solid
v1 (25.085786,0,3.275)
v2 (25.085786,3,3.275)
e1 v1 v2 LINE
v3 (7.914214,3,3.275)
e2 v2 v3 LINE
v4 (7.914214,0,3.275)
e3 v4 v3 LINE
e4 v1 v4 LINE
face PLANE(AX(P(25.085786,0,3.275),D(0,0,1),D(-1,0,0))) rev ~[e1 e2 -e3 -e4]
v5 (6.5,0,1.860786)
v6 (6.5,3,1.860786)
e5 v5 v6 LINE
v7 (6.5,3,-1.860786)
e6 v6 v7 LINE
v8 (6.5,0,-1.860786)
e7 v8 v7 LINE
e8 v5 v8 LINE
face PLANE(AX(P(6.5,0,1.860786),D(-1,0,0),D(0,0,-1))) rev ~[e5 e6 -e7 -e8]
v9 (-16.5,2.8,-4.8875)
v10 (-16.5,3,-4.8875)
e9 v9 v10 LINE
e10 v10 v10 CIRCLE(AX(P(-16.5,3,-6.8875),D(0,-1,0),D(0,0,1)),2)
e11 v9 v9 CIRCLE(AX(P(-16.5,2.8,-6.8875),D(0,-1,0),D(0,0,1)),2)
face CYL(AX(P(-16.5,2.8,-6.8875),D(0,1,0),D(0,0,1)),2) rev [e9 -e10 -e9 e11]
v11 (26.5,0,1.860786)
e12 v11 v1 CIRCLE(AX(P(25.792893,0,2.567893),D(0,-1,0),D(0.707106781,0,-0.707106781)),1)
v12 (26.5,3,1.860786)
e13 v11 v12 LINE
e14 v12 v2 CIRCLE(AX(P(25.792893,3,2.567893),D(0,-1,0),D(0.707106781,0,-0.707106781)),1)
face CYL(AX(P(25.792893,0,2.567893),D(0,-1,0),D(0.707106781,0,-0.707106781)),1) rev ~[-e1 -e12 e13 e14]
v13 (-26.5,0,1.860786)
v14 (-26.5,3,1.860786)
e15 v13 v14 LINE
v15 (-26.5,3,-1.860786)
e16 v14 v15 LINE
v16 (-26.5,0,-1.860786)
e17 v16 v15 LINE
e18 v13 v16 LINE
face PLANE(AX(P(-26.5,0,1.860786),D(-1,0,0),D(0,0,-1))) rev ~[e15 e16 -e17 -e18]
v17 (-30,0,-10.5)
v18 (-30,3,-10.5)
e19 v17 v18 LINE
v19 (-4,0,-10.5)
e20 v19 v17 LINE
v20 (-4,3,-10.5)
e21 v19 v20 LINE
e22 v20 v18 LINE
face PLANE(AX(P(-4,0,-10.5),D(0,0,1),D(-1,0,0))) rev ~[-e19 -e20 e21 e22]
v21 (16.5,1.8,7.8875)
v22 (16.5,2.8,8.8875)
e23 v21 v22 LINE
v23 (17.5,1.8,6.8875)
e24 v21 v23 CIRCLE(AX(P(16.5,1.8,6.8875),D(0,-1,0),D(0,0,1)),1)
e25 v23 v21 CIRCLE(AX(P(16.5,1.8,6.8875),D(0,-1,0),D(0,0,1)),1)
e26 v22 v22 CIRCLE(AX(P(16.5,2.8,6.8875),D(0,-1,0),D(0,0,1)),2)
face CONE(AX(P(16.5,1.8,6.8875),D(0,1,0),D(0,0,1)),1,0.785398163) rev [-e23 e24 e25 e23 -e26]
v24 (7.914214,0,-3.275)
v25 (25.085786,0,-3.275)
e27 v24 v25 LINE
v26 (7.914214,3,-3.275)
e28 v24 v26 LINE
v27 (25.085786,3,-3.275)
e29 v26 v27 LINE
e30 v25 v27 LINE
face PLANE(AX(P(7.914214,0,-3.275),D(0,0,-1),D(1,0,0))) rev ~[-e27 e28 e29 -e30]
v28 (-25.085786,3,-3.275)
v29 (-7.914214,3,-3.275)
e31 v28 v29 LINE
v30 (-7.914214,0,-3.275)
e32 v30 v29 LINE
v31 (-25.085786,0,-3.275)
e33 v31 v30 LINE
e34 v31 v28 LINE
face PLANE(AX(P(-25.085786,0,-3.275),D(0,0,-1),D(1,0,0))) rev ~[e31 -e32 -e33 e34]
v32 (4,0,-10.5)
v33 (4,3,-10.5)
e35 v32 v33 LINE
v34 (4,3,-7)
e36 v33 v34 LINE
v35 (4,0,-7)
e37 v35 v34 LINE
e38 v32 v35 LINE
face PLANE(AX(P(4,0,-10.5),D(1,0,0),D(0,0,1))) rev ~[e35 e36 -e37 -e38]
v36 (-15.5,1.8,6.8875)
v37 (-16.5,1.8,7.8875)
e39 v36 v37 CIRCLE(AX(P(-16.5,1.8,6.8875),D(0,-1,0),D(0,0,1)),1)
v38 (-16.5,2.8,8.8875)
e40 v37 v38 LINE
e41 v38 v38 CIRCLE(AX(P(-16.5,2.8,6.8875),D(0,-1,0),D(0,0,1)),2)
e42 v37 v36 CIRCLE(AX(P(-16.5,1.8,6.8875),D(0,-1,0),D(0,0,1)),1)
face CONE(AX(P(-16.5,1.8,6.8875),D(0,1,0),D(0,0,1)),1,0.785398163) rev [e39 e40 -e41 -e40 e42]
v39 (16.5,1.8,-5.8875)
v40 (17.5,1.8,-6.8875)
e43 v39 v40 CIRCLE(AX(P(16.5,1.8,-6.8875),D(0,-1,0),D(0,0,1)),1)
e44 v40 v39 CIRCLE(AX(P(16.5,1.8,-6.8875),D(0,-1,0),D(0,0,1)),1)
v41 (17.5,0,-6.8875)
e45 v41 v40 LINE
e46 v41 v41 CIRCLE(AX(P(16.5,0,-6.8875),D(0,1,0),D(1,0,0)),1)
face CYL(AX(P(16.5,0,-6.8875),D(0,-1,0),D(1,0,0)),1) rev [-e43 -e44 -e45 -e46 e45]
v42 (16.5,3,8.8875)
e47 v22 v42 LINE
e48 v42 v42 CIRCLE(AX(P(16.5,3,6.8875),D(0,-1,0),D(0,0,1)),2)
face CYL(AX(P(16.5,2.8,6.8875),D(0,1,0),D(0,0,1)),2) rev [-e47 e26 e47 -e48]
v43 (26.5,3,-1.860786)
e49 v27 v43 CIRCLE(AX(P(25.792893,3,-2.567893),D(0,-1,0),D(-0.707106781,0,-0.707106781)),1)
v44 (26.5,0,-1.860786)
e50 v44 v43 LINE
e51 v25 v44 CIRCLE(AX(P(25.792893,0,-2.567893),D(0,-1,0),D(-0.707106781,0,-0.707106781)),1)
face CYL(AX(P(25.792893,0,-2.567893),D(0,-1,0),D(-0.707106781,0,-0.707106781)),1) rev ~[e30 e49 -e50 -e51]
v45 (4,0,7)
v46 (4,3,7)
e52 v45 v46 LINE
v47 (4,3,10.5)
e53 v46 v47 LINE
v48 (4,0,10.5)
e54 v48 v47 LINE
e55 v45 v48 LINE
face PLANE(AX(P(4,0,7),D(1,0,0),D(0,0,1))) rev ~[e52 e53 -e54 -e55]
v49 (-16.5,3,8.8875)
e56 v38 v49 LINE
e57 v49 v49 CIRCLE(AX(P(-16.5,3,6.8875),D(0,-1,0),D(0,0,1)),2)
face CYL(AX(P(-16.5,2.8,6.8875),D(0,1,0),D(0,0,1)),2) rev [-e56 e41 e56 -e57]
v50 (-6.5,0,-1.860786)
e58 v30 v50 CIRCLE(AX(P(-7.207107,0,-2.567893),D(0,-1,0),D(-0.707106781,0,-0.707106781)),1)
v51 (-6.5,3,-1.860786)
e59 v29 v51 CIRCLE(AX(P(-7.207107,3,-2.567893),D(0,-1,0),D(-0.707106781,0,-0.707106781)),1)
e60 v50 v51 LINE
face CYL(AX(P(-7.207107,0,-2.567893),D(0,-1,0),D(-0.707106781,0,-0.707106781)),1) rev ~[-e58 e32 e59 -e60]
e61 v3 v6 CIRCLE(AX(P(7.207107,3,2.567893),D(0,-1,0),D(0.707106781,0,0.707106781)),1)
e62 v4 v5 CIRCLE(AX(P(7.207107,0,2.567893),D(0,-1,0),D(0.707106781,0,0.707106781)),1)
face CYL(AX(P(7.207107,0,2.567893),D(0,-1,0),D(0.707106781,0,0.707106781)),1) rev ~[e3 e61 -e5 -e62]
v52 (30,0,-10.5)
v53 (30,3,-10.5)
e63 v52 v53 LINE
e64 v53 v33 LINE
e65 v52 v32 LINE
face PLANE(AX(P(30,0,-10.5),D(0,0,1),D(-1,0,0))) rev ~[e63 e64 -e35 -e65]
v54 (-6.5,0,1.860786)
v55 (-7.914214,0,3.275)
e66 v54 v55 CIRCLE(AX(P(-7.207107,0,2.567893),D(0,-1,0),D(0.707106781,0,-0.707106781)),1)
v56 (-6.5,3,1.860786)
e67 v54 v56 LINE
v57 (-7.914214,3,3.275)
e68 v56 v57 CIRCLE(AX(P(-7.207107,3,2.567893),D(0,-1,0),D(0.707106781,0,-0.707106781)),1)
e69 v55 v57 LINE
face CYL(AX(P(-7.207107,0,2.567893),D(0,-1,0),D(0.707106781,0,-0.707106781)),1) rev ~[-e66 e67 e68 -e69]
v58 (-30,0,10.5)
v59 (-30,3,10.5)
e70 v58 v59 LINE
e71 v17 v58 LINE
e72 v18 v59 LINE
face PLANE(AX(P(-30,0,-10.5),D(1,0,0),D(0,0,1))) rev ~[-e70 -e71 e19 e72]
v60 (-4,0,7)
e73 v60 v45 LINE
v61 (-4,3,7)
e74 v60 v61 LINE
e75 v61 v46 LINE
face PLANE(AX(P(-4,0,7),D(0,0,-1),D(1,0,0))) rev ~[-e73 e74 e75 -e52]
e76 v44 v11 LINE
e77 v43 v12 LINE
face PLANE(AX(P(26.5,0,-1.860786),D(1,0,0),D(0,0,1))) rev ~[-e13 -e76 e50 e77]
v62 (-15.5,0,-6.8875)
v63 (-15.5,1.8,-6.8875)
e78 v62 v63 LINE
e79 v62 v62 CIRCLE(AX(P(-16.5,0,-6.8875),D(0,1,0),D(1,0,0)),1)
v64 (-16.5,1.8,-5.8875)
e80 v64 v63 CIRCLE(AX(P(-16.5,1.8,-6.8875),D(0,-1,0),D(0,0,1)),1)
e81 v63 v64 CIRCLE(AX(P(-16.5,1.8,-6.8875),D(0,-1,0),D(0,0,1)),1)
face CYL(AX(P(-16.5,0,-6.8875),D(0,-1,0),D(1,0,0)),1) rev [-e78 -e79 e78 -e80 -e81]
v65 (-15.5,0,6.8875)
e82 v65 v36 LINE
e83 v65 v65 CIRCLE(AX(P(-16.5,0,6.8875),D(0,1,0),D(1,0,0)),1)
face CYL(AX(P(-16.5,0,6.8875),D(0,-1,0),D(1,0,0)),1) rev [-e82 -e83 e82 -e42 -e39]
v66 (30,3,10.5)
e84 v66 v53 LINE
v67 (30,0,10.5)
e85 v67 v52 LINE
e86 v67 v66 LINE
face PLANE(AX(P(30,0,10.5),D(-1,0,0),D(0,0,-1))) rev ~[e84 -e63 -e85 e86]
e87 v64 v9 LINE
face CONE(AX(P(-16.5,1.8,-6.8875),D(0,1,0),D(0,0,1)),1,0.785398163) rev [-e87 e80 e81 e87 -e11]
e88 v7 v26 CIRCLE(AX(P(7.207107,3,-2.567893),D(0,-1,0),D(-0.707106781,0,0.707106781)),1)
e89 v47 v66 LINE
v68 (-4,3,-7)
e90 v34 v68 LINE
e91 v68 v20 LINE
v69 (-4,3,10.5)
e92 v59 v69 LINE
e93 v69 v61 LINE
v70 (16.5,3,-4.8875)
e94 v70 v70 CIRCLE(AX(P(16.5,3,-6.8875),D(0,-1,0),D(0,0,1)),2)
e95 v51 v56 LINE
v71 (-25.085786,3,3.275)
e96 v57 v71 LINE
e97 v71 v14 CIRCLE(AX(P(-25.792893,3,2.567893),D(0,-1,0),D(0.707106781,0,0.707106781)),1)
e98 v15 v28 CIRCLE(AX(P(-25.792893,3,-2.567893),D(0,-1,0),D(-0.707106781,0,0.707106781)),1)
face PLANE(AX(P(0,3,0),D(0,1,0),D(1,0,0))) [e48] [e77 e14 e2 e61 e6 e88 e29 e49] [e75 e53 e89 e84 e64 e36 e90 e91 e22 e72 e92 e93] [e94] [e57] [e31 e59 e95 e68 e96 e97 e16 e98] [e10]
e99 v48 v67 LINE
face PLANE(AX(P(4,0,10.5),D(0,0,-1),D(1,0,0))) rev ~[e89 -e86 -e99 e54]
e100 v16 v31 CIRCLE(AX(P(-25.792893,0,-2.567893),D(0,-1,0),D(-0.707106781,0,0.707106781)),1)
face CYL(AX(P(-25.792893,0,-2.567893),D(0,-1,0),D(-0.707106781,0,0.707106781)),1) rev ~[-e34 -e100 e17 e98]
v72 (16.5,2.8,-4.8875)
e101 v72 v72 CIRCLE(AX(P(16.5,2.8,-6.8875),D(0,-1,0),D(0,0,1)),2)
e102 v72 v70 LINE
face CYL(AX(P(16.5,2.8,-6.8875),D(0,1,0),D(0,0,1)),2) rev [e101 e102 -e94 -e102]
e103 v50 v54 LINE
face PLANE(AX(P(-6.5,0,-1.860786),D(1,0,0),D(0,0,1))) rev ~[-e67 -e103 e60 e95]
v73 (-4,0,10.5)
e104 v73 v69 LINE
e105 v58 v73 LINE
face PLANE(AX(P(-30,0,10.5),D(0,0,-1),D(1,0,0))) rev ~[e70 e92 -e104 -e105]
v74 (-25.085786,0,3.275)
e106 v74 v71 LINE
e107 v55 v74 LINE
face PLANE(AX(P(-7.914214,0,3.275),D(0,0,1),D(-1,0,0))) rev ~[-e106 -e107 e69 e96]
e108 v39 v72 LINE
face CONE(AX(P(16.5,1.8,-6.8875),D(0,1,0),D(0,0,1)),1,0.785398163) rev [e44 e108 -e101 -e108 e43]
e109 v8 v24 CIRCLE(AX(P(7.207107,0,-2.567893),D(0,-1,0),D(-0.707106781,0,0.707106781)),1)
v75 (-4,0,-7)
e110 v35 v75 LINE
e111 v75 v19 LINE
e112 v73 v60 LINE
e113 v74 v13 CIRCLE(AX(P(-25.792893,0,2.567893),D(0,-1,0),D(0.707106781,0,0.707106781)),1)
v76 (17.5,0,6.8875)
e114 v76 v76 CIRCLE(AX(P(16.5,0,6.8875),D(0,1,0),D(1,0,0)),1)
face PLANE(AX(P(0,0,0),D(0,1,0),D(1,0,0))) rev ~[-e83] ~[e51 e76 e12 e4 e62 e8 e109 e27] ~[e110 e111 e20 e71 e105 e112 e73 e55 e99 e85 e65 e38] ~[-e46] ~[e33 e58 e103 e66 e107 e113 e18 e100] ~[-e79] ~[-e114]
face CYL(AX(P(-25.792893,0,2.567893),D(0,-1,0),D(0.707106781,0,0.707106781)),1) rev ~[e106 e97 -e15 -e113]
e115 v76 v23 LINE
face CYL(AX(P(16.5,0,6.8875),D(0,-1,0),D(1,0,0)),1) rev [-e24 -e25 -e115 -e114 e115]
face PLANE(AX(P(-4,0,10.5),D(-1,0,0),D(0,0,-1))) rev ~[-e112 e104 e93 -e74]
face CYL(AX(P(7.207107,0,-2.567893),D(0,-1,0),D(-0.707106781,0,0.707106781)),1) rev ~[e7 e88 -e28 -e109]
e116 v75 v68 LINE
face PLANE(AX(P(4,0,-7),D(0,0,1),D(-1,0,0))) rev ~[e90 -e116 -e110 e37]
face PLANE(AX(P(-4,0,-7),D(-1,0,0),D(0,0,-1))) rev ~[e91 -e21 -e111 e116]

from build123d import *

# Parameters (mm, degrees)
SKETCH1_R                                      = 1
BOSS_EXTRUDE1_DEPTH                            = 3
CSK_FOR_M2_FLAT_HEAD_MACHINE_SCREW1_AT_2_COUNT = 2
CSK_FOR_M2_FLAT_HEAD_MACHINE_SCREW1_AT_2_PITCH = 13.775
CSK_FOR_M2_FLAT_HEAD_MACHINE_SCREW1_AT_3_COUNT = 2
CSK_FOR_M2_FLAT_HEAD_MACHINE_SCREW1_AT_3_PITCH = 33
CSK_FOR_M2_FLAT_HEAD_MACHINE_SCREW1_AT_4_COUNT = 2
CSK_FOR_M2_FLAT_HEAD_MACHINE_SCREW1_AT_4_PITCH = 35.759622831


with BuildPart() as part:
    # Sketch1 → Boss-Extrude1 (new body)
    with BuildSketch(Plane(origin=(0, 0, 0), x_dir=(1, 0, 0), z_dir=(0, 1, 0))):
        Polygon((-30, 10.5), (-30, -10.5), (-4, -10.5), (-4, -7), (4, -7), (4, -10.5), (30, -10.5), (30, 10.5), (4, 10.5), (4, 7), (-4, 7), (-4, 10.5), align=None)
        with Locations((16.5, -6.8875)):
            Circle(SKETCH1_R, mode=Mode.SUBTRACT)
        with Locations((-16.5, -6.8875)):
            Circle(SKETCH1_R, mode=Mode.SUBTRACT)
        with Locations((-16.5, 6.8875)):
            Circle(SKETCH1_R, mode=Mode.SUBTRACT)
        with BuildLine():
            Line((-25.085786438, 3.275), (-7.914213562, 3.275))
            ThreePointArc((-7.914213562, 3.275), (-6.5, 3.275), (-6.5, 1.860786438))
            Line((-6.5, 1.860786438), (-6.5, -1.860786438))
            ThreePointArc((-6.5, -1.860786438), (-6.5, -3.275), (-7.914213562, -3.275))
            Line((-7.914213562, -3.275), (-25.085786438, -3.275))
            ThreePointArc((-25.085786438, -3.275), (-26.5, -3.275), (-26.5, -1.860786438))
            Line((-26.5, -1.860786438), (-26.5, 1.860786438))
            ThreePointArc((-26.5, 1.860786438), (-26.5, 3.275), (-25.085786438, 3.275))
        make_face(mode=Mode.SUBTRACT)
        with Locations((16.5, 6.8875)):
            Circle(SKETCH1_R, mode=Mode.SUBTRACT)
        with BuildLine():
            Line((26.5, 1.860786438), (26.5, -1.860786438))
            ThreePointArc((26.5, -1.860786438), (26.5, -3.275), (25.085786438, -3.275))
            Line((25.085786438, -3.275), (7.914213562, -3.275))
            ThreePointArc((7.914213562, -3.275), (6.5, -3.275), (6.5, -1.860786438))
            Line((6.5, -1.860786438), (6.5, 1.860786438))
            ThreePointArc((6.5, 1.860786438), (6.5, 3.275), (7.914213562, 3.275))
            Line((7.914213562, 3.275), (25.085786438, 3.275))
            ThreePointArc((25.085786438, 3.275), (26.5, 3.275), (26.5, 1.860786438))
        make_face(mode=Mode.SUBTRACT)
    extrude(amount=BOSS_EXTRUDE1_DEPTH)

    # Sketch3 → CSK for M2 Flat Head Machine Screw1 (revolve, cut)
    with BuildSketch(Plane(origin=(-16.5, 3, -6.8875), x_dir=(0, 0, 1), z_dir=(1, 0, 0))):
        Polygon((0, 0), (0, 3), (1, 3), (1, 1.2), (2, 0.2), (2, 0), align=None)
    csk_for_m2_flat_head_machine_screw1 = revolve(axis=Axis((-16.5, 9.35, -6.8875), (0, -1, 0)), mode=Mode.SUBTRACT)

    # CSK for M2 Flat Head Machine Screw1 at 2: CSK for M2 Flat Head Machine Screw1 ×2
    with Locations(*[(0, 0, i * CSK_FOR_M2_FLAT_HEAD_MACHINE_SCREW1_AT_2_PITCH) for i in range(1, CSK_FOR_M2_FLAT_HEAD_MACHINE_SCREW1_AT_2_COUNT)]):
        add(csk_for_m2_flat_head_machine_screw1, mode=Mode.SUBTRACT)

    # CSK for M2 Flat Head Machine Screw1 at 3: CSK for M2 Flat Head Machine Screw1 ×2
    with Locations(*[(i * CSK_FOR_M2_FLAT_HEAD_MACHINE_SCREW1_AT_3_PITCH, 0, 0) for i in range(1, CSK_FOR_M2_FLAT_HEAD_MACHINE_SCREW1_AT_3_COUNT)]):
        add(csk_for_m2_flat_head_machine_screw1, mode=Mode.SUBTRACT)

    # CSK for M2 Flat Head Machine Screw1 at 4: CSK for M2 Flat Head Machine Screw1 ×2
    with Locations(*[Vector(0.922828525, 0, 0.385210998) * (i * CSK_FOR_M2_FLAT_HEAD_MACHINE_SCREW1_AT_4_PITCH) for i in range(1, CSK_FOR_M2_FLAT_HEAD_MACHINE_SCREW1_AT_4_COUNT)]):
        add(csk_for_m2_flat_head_machine_screw1, mode=Mode.SUBTRACT)


solid = part.part
